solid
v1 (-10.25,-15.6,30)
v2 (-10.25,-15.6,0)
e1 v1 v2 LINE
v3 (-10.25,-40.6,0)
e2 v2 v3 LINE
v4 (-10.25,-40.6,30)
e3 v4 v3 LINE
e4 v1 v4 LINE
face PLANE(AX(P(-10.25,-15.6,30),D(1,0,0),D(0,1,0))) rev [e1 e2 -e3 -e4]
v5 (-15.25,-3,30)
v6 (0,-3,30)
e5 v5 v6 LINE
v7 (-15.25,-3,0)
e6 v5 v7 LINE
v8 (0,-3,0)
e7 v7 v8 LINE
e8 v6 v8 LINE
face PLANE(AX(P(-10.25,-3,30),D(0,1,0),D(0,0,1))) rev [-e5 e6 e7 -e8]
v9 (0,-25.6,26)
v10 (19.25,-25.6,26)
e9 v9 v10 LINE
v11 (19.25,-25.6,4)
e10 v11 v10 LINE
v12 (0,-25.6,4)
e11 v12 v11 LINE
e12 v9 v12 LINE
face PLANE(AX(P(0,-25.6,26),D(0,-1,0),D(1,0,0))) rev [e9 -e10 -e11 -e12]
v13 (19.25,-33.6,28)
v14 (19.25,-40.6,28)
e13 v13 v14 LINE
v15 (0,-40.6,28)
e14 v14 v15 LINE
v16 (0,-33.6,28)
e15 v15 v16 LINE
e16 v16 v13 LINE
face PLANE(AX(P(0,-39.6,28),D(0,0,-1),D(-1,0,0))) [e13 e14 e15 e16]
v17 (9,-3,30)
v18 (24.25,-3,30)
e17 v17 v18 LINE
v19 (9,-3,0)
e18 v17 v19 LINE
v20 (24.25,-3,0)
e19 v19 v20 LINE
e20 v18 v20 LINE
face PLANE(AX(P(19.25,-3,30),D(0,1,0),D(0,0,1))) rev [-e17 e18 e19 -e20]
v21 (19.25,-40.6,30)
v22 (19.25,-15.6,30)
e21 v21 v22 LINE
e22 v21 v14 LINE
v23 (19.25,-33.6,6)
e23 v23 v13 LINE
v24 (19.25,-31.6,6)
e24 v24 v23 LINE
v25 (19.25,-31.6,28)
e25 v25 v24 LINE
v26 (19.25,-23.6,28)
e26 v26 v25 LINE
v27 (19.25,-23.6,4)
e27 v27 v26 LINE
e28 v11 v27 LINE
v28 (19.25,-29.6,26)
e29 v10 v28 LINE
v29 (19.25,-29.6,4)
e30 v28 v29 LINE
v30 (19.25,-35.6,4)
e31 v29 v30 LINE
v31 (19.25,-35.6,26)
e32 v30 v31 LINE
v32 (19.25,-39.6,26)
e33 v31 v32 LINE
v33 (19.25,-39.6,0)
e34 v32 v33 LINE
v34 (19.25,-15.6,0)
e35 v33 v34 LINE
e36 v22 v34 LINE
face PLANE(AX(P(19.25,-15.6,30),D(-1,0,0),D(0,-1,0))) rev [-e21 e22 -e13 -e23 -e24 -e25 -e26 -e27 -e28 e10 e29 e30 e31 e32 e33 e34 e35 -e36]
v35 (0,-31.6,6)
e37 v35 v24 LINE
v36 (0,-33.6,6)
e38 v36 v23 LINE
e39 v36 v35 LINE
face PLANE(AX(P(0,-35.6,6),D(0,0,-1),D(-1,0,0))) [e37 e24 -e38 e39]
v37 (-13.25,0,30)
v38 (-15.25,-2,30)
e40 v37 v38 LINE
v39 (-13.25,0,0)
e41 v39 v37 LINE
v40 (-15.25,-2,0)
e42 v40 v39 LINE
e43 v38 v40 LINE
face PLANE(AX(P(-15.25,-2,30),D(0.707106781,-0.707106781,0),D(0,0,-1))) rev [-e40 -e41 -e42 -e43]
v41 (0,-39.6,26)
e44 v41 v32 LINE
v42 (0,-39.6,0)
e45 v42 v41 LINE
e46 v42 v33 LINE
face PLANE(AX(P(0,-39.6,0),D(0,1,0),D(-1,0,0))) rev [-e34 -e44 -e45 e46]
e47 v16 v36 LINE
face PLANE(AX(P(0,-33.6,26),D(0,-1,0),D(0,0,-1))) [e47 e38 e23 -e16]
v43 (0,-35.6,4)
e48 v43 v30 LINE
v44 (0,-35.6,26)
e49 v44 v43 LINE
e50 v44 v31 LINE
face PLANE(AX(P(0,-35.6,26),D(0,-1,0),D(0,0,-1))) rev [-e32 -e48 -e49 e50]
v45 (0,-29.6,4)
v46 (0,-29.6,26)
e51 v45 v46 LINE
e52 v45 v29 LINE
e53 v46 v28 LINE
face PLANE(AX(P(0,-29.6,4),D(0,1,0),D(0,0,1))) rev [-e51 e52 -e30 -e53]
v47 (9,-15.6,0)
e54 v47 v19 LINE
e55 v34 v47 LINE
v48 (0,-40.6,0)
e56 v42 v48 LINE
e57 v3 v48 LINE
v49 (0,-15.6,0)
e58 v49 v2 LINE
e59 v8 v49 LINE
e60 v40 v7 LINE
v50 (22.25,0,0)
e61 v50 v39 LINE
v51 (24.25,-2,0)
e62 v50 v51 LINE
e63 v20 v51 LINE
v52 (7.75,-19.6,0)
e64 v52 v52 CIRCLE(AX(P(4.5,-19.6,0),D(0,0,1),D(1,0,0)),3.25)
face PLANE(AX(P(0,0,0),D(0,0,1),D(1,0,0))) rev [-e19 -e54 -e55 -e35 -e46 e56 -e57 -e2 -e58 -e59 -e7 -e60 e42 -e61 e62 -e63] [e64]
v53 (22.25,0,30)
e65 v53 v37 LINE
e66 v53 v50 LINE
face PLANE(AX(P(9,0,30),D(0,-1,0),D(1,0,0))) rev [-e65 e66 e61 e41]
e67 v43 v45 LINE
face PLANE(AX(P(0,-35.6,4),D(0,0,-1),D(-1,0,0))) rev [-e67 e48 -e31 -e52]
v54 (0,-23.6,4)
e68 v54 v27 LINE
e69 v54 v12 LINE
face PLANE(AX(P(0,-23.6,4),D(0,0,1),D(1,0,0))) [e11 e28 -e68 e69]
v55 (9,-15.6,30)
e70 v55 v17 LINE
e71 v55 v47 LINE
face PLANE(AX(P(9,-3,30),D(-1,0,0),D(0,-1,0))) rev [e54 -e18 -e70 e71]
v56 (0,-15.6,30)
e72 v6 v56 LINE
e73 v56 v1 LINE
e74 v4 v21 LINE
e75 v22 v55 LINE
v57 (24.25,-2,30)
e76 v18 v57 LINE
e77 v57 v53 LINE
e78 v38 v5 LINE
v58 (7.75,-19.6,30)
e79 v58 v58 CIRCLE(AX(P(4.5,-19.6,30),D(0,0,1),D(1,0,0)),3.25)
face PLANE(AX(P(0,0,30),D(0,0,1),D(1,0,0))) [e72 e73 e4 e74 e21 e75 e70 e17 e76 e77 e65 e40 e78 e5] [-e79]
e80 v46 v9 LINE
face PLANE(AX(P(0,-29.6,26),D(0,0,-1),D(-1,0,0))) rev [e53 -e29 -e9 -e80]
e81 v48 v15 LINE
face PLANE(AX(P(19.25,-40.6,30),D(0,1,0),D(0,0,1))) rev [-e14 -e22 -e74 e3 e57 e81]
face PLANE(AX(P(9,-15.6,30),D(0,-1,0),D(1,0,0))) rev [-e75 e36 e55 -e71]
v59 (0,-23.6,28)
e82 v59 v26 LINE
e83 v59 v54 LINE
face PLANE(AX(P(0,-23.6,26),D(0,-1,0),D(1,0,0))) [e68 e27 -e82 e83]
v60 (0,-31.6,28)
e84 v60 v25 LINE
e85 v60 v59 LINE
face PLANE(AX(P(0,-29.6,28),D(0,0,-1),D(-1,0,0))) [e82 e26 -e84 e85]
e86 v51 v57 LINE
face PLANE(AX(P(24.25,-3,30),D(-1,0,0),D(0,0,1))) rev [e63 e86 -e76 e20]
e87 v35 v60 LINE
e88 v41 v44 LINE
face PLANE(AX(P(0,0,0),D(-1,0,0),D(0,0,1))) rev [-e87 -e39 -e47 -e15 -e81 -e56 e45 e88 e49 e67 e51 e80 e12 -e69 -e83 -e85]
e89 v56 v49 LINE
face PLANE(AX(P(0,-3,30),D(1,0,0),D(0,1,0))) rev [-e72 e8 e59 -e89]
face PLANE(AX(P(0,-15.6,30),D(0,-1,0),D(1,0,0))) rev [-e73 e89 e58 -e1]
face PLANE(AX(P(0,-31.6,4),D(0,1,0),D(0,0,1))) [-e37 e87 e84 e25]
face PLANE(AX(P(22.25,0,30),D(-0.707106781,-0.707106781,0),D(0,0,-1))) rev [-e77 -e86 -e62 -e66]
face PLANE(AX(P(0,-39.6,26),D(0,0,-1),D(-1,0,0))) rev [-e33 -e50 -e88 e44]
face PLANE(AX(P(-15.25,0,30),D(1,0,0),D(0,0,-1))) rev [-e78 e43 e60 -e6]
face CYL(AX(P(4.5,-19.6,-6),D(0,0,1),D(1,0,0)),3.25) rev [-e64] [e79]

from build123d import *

# Parameters (mm, degrees)
BOSS_EXTRUDE1_DEPTH          = 30
SKETCH2_R                    = 3.25
CUT_EXTRUDE1_DEPTH           = 36
CUT_EXTRUDE_THIN1_DEPTH      = 62.144173884
CUT_EXTRUDE_THIN1_DEPTH_BACK = 19.25
CHAMFER2_SIZE                = 2


with BuildPart() as part:
    # Sketch1 → Boss-Extrude1 (new body)
    with BuildSketch(Plane.XY):
        Polygon((0, 0), (-10.25, 0), (-15.25, 0), (-15.25, -3), (-10.25, -3), (0, -3), (0, -15.6), (-10.25, -15.6), (-10.25, -40.6), (19.25, -40.6), (19.25, -15.6), (9, -15.6), (9, -3), (19.25, -3), (24.25, -3), (24.25, 0), (19.25, 0), (9, 0), align=None)
    extrude(amount=BOSS_EXTRUDE1_DEPTH)

    # Sketch2 → Cut-Extrude1 (cut)
    with BuildSketch(Plane.XY.offset(30)):
        with Locations((4.5, -19.6)):
            Circle(SKETCH2_R)
    extrude(amount=-CUT_EXTRUDE1_DEPTH, mode=Mode.SUBTRACT)

    # Sketch3 → Cut-Extrude-Thin1 (cut, two sides: drawn at the far end of the back side and taken through both)
    with BuildSketch(Plane(origin=(19.25, 0, 0), x_dir=(0, 0, -1), z_dir=(1, 0, 0)).offset(-CUT_EXTRUDE_THIN1_DEPTH_BACK)):
        Polygon((0, -39.6), (-26, -39.6), (-26, -35.6), (-4, -35.6), (-4, -29.6), (-26, -29.6), (-26, -25.6), (-4, -25.6), (-4, -23.6), (-28, -23.6), (-28, -31.6), (-6, -31.6), (-6, -33.6), (-28, -33.6), (-28, -41.6), (0, -41.6), align=None)
    extrude(amount=CUT_EXTRUDE_THIN1_DEPTH + CUT_EXTRUDE_THIN1_DEPTH_BACK, mode=Mode.SUBTRACT)

    # Chamfer2
    chamfer2_edges = [part.edges().sort_by_distance(p)[0] for p in [
        (24.25, 0, 15),
        (-15.25, 0, 15),
    ]]
    chamfer(chamfer2_edges, length=CHAMFER2_SIZE)


solid = part.part
